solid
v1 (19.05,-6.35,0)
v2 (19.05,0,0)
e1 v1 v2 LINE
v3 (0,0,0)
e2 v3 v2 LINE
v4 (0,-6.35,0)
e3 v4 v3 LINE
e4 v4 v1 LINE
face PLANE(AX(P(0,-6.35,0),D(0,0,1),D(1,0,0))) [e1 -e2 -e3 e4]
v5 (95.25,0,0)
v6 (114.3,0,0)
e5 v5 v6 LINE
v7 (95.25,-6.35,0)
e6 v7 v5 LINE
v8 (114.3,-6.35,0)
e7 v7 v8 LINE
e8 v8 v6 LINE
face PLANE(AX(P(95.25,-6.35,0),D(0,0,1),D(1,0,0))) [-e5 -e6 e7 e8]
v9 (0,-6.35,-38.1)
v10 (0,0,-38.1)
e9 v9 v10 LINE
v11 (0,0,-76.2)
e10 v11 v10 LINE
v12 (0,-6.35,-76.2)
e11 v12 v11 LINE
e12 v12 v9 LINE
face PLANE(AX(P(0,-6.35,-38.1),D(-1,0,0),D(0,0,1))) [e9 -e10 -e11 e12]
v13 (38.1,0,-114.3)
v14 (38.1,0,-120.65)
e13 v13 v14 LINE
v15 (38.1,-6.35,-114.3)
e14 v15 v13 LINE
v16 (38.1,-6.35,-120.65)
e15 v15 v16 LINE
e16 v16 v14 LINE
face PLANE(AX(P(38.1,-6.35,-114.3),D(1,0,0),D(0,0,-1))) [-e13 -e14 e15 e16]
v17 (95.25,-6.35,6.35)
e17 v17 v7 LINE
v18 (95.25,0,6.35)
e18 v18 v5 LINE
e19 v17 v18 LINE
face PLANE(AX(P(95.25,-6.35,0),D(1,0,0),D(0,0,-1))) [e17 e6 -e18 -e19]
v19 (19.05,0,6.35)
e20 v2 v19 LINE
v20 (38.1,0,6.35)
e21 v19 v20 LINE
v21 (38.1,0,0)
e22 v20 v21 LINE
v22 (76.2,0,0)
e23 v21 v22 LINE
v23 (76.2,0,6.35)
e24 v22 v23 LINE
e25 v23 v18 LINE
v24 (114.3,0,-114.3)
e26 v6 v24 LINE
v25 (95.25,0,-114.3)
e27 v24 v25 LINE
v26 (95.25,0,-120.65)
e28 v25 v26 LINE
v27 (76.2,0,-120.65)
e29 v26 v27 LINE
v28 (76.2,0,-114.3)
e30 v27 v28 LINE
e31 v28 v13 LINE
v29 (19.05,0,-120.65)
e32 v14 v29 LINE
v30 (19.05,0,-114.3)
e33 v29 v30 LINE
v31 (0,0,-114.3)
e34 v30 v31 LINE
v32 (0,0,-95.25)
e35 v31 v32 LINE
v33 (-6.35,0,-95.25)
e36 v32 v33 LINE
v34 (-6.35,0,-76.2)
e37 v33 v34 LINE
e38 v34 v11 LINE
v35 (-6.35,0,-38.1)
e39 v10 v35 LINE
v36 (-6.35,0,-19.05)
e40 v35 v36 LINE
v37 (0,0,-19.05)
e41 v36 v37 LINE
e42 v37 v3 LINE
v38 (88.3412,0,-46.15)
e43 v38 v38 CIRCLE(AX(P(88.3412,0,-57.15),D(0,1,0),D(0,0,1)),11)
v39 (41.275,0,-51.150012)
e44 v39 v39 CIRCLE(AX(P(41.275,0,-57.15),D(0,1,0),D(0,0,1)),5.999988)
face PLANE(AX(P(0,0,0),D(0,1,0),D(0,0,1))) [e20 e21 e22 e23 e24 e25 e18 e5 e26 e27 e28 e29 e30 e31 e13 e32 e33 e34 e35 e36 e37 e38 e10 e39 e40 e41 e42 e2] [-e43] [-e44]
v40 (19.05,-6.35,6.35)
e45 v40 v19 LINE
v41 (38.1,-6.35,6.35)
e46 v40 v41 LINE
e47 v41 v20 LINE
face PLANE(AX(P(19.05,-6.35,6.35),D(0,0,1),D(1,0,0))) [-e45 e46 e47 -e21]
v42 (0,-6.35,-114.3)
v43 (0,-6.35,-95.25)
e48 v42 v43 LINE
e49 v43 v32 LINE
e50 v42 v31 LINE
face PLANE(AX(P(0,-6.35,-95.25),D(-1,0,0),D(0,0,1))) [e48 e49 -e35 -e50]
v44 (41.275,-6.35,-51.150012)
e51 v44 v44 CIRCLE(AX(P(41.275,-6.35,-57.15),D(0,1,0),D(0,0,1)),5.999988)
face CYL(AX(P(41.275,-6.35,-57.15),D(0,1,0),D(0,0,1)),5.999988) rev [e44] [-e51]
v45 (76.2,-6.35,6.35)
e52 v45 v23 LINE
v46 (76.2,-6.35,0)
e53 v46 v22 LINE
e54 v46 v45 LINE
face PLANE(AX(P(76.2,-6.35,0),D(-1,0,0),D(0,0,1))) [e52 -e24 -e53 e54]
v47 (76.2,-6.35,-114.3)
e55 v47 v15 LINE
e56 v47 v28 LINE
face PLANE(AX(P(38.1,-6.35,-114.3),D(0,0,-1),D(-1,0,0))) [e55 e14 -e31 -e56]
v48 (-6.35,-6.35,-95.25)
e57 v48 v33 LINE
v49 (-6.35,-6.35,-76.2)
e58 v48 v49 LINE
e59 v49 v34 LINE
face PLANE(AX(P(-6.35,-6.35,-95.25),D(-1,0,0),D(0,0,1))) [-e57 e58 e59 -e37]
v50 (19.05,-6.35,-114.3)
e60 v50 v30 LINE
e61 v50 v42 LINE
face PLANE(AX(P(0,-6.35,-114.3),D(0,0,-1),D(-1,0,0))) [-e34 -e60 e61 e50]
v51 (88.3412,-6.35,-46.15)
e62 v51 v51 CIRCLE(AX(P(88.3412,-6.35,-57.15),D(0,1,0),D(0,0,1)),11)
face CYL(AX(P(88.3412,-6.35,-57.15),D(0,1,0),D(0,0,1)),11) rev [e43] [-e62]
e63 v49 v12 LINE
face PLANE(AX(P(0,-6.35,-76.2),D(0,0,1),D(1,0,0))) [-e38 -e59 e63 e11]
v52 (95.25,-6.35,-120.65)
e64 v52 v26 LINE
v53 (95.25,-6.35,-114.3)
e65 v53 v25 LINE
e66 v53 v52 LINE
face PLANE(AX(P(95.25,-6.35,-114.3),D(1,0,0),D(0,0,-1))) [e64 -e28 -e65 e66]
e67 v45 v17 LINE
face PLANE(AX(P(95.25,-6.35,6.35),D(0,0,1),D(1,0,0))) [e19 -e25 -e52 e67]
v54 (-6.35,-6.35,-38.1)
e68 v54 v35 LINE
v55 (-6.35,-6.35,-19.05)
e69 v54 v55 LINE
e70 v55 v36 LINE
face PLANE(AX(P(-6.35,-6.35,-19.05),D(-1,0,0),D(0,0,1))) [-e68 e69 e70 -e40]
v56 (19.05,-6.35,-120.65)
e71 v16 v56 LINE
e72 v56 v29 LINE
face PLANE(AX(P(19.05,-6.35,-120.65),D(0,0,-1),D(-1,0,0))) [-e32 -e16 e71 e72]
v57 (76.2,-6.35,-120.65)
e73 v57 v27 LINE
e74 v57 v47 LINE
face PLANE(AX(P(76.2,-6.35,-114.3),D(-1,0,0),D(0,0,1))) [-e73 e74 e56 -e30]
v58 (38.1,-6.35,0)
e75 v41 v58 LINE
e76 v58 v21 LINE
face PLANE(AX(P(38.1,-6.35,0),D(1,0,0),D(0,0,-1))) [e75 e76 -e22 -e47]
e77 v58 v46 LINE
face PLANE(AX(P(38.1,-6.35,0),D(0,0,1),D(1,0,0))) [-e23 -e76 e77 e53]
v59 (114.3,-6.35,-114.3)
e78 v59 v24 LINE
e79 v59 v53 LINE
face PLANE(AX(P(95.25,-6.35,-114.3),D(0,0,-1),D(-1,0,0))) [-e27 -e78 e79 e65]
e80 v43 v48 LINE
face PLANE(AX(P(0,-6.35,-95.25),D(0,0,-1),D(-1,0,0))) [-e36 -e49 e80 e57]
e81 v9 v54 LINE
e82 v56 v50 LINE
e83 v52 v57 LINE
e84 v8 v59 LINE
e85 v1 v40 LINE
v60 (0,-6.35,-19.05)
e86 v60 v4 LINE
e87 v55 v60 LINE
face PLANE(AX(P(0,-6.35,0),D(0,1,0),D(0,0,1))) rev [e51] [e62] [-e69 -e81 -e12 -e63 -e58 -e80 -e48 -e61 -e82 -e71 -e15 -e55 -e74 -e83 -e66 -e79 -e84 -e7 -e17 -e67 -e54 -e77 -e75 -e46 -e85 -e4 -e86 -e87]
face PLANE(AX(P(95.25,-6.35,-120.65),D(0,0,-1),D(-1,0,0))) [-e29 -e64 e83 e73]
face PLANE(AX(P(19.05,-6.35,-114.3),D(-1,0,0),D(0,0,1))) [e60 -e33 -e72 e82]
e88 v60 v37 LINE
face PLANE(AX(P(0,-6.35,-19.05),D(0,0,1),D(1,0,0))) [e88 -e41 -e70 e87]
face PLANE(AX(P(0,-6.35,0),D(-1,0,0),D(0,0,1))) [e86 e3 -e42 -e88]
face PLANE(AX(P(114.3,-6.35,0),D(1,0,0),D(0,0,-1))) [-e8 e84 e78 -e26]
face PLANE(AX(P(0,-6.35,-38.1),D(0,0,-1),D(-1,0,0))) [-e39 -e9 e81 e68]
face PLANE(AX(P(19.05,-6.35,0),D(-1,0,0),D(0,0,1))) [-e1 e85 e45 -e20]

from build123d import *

# Parameters (mm, degrees)
BOSS_EXTRUDE1_DEPTH = 6.35
SKETCH2_R           = 11
SKETCH2_R_2         = 5.999988
CUT_EXTRUDE1_DEPTH  = 167.316670842


with BuildPart() as part:
    # Sketch1 → Boss-Extrude1 (new body)
    with BuildSketch(Plane(origin=(0, 0, 0), x_dir=(1, 0, 0), z_dir=(0, 1, 0))):
        Polygon((0, 0), (19.05, 0), (19.05, -6.35), (38.1, -6.35), (38.1, 0), (76.2, 0), (76.2, -6.35), (95.25, -6.35), (95.25, 0), (114.3, 0), (114.3, 114.3), (95.25, 114.3), (95.25, 120.65), (76.2, 120.65), (76.2, 114.3), (38.1, 114.3), (38.1, 120.65), (19.05, 120.65), (19.05, 114.3), (0, 114.3), (0, 95.25), (-6.35, 95.25), (-6.35, 76.2), (0, 76.2), (0, 38.1), (-6.35, 38.1), (-6.35, 19.05), (0, 19.05), align=None)
    extrude(amount=-BOSS_EXTRUDE1_DEPTH)

    # Sketch2 → Cut-Extrude1 (cut, through all)
    with BuildSketch(Plane(origin=(0, 0, 0), x_dir=(1, 0, 0), z_dir=(0, 1, 0))):
        with Locations(Location((88.3412, 57.15, 0), (0, 0, 270))):
            Circle(SKETCH2_R)
        with Locations(Location((41.275, 57.15, 0), (0, 0, 270))):
            Circle(SKETCH2_R_2)
    extrude(amount=-CUT_EXTRUDE1_DEPTH, mode=Mode.SUBTRACT)


solid = part.part
